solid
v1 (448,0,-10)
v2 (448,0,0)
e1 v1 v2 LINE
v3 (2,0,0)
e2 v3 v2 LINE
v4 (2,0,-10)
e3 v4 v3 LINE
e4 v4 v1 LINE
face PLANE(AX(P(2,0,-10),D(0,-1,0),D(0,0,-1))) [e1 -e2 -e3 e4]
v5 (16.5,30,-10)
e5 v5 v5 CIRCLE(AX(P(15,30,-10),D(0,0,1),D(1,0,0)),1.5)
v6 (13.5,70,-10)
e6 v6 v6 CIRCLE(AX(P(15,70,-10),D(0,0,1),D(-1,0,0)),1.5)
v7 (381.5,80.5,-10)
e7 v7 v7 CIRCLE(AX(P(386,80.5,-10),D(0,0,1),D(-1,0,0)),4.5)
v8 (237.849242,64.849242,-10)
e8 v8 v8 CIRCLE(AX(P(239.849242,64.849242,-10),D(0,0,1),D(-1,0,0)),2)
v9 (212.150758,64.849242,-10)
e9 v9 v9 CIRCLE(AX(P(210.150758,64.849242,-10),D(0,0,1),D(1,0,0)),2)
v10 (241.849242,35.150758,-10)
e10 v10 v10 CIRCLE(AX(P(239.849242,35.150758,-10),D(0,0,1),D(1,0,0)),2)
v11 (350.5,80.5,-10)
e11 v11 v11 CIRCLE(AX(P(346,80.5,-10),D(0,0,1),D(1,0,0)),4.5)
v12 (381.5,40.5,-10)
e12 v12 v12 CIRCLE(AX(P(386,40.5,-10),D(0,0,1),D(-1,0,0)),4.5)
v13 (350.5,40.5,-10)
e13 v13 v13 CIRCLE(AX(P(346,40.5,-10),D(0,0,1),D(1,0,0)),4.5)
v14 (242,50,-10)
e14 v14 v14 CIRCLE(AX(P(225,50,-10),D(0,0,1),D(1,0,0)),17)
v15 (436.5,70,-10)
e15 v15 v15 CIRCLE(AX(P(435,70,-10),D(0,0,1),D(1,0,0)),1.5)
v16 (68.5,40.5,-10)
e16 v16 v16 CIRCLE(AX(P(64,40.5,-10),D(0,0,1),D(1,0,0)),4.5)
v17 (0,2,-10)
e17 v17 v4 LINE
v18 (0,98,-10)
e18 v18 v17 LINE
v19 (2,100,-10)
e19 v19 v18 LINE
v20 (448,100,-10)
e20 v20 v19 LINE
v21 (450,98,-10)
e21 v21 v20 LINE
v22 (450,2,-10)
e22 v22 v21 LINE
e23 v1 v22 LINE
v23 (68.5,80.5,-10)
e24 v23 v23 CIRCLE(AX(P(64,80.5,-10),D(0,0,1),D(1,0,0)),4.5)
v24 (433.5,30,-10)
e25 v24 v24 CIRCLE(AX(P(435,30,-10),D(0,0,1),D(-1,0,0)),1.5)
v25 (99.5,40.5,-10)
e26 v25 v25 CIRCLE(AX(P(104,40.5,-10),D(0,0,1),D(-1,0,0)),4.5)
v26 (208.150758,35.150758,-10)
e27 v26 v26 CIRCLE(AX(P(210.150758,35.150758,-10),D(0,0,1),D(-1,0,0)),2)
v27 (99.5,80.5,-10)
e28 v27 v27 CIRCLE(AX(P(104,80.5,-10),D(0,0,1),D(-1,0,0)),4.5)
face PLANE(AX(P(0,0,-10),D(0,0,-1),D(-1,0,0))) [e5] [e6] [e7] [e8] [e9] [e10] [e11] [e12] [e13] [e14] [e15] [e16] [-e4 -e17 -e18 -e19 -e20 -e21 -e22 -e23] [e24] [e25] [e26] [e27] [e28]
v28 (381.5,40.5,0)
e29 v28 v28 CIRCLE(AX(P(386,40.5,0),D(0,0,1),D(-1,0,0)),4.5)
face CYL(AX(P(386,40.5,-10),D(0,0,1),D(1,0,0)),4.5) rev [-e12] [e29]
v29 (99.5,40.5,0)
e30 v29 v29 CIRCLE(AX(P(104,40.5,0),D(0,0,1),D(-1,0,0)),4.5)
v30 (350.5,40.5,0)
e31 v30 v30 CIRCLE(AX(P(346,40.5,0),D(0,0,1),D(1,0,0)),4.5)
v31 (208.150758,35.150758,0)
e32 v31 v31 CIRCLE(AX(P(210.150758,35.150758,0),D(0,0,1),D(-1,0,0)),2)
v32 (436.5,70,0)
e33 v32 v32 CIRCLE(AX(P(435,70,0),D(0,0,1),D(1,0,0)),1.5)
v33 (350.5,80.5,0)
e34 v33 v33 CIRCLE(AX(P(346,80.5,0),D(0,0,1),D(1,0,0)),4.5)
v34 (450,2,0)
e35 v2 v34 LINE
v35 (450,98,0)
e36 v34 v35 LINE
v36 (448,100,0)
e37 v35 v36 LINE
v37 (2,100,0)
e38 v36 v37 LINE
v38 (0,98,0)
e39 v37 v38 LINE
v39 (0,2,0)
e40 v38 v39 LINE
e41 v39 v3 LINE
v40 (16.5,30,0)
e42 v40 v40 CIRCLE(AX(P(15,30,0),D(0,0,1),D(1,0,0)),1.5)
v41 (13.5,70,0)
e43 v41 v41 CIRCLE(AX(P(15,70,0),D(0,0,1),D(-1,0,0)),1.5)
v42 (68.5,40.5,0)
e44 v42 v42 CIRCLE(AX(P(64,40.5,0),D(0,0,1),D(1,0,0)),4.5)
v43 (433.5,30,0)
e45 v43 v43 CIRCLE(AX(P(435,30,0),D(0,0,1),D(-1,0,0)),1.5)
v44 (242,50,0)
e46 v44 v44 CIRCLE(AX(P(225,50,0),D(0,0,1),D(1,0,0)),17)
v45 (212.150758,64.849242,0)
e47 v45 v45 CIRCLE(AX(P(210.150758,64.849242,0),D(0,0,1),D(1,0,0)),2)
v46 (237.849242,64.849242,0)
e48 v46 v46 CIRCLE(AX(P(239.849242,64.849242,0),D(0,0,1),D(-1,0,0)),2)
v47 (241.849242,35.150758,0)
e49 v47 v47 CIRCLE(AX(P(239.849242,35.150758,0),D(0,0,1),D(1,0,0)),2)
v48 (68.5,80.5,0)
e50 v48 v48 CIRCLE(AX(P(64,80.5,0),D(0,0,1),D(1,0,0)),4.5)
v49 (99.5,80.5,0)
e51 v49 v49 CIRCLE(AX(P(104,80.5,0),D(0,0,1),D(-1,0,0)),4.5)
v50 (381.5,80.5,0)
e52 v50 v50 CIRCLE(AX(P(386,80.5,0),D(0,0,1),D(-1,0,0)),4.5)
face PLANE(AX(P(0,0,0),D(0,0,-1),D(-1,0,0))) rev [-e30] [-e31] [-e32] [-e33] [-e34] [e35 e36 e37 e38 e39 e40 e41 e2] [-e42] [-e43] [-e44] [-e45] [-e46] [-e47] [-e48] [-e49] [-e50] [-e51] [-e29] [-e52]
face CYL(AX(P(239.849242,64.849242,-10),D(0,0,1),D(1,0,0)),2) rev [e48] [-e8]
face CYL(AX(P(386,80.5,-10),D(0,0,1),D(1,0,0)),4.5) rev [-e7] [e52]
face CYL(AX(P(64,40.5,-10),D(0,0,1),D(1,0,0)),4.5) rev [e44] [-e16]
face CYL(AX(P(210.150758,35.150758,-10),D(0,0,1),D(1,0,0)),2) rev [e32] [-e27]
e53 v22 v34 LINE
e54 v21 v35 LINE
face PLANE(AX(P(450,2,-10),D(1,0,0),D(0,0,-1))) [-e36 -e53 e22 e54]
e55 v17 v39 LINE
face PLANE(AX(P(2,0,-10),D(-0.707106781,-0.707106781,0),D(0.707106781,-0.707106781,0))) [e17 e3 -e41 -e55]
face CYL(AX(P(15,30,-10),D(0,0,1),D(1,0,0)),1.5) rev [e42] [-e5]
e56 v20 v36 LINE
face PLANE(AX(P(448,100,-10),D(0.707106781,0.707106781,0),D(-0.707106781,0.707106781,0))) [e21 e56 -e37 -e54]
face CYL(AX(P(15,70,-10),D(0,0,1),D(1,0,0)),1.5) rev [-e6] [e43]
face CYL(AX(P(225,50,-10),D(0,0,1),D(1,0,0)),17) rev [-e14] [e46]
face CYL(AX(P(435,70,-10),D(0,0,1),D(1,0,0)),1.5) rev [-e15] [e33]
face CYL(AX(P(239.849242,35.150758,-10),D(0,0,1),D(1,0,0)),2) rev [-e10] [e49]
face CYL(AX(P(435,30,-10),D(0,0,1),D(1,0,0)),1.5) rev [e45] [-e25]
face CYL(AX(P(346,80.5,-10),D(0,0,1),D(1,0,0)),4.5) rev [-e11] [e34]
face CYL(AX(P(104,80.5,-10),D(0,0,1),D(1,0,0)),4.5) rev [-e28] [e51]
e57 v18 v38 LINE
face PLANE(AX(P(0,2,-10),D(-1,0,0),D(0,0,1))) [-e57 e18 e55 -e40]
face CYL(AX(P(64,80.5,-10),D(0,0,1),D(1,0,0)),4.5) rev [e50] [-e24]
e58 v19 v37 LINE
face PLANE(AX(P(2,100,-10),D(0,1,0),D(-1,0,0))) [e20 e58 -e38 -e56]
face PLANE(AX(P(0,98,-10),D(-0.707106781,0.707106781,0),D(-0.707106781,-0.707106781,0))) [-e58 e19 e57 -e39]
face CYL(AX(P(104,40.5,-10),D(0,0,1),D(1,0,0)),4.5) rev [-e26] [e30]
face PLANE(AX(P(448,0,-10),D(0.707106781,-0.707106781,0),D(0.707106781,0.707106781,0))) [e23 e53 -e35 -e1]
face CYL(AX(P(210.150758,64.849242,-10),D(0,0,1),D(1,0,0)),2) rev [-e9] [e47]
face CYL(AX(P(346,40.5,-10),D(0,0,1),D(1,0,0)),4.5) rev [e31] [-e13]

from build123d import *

# Parameters (mm, degrees)
SCHIZZO1_R                   = 17
SCHIZZO1_R_2                 = 2
SCHIZZO1_R_3                 = 4.5
SCHIZZO1_R_4                 = 1.5
ESTRUSIONE_ESTRUSIONE1_DEPTH = 10


with BuildPart() as part:
    # Schizzo1 → Estrusione-Estrusione1 (new body)
    with BuildSketch(Plane.XY):
        Polygon((2, 0), (448, 0), (450, 2), (450, 98), (448, 100), (2, 100), (0, 98), (0, 2), align=None)
        with Locations((225, 50)):
            Circle(SCHIZZO1_R, mode=Mode.SUBTRACT)
        with Locations(Location((239.849242405, 64.849242405, 0), (0, 0, 180))):
            Circle(SCHIZZO1_R_2, mode=Mode.SUBTRACT)
        with Locations(Location((104, 40.5, 0), (0, 0, 180))):
            Circle(SCHIZZO1_R_3, mode=Mode.SUBTRACT)
        with Locations((239.849242405, 35.150757595)):
            Circle(SCHIZZO1_R_2, mode=Mode.SUBTRACT)
        with Locations(Location((210.150757595, 35.150757595, 0), (0, 0, 180))):
            Circle(SCHIZZO1_R_2, mode=Mode.SUBTRACT)
        with Locations(Location((104, 80.5, 0), (0, 0, 180))):
            Circle(SCHIZZO1_R_3, mode=Mode.SUBTRACT)
        with Locations(Location((386, 40.5, 0), (0, 0, 180))):
            Circle(SCHIZZO1_R_3, mode=Mode.SUBTRACT)
        with Locations((64, 40.5)):
            Circle(SCHIZZO1_R_3, mode=Mode.SUBTRACT)
        with Locations((64, 80.5)):
            Circle(SCHIZZO1_R_3, mode=Mode.SUBTRACT)
        with Locations((346, 40.5)):
            Circle(SCHIZZO1_R_3, mode=Mode.SUBTRACT)
        with Locations((15, 30)):
            Circle(SCHIZZO1_R_4, mode=Mode.SUBTRACT)
        with Locations(Location((435, 30, 0), (0, 0, 180))):
            Circle(SCHIZZO1_R_4, mode=Mode.SUBTRACT)
        with Locations((210.150757595, 64.849242405)):
            Circle(SCHIZZO1_R_2, mode=Mode.SUBTRACT)
        with Locations((346, 80.5)):
            Circle(SCHIZZO1_R_3, mode=Mode.SUBTRACT)
        with Locations(Location((386, 80.5, 0), (0, 0, 180))):
            Circle(SCHIZZO1_R_3, mode=Mode.SUBTRACT)
        with Locations((435, 70)):
            Circle(SCHIZZO1_R_4, mode=Mode.SUBTRACT)
        with Locations(Location((15, 70, 0), (0, 0, 180))):
            Circle(SCHIZZO1_R_4, mode=Mode.SUBTRACT)
    extrude(amount=-ESTRUSIONE_ESTRUSIONE1_DEPTH)


solid = part.part
